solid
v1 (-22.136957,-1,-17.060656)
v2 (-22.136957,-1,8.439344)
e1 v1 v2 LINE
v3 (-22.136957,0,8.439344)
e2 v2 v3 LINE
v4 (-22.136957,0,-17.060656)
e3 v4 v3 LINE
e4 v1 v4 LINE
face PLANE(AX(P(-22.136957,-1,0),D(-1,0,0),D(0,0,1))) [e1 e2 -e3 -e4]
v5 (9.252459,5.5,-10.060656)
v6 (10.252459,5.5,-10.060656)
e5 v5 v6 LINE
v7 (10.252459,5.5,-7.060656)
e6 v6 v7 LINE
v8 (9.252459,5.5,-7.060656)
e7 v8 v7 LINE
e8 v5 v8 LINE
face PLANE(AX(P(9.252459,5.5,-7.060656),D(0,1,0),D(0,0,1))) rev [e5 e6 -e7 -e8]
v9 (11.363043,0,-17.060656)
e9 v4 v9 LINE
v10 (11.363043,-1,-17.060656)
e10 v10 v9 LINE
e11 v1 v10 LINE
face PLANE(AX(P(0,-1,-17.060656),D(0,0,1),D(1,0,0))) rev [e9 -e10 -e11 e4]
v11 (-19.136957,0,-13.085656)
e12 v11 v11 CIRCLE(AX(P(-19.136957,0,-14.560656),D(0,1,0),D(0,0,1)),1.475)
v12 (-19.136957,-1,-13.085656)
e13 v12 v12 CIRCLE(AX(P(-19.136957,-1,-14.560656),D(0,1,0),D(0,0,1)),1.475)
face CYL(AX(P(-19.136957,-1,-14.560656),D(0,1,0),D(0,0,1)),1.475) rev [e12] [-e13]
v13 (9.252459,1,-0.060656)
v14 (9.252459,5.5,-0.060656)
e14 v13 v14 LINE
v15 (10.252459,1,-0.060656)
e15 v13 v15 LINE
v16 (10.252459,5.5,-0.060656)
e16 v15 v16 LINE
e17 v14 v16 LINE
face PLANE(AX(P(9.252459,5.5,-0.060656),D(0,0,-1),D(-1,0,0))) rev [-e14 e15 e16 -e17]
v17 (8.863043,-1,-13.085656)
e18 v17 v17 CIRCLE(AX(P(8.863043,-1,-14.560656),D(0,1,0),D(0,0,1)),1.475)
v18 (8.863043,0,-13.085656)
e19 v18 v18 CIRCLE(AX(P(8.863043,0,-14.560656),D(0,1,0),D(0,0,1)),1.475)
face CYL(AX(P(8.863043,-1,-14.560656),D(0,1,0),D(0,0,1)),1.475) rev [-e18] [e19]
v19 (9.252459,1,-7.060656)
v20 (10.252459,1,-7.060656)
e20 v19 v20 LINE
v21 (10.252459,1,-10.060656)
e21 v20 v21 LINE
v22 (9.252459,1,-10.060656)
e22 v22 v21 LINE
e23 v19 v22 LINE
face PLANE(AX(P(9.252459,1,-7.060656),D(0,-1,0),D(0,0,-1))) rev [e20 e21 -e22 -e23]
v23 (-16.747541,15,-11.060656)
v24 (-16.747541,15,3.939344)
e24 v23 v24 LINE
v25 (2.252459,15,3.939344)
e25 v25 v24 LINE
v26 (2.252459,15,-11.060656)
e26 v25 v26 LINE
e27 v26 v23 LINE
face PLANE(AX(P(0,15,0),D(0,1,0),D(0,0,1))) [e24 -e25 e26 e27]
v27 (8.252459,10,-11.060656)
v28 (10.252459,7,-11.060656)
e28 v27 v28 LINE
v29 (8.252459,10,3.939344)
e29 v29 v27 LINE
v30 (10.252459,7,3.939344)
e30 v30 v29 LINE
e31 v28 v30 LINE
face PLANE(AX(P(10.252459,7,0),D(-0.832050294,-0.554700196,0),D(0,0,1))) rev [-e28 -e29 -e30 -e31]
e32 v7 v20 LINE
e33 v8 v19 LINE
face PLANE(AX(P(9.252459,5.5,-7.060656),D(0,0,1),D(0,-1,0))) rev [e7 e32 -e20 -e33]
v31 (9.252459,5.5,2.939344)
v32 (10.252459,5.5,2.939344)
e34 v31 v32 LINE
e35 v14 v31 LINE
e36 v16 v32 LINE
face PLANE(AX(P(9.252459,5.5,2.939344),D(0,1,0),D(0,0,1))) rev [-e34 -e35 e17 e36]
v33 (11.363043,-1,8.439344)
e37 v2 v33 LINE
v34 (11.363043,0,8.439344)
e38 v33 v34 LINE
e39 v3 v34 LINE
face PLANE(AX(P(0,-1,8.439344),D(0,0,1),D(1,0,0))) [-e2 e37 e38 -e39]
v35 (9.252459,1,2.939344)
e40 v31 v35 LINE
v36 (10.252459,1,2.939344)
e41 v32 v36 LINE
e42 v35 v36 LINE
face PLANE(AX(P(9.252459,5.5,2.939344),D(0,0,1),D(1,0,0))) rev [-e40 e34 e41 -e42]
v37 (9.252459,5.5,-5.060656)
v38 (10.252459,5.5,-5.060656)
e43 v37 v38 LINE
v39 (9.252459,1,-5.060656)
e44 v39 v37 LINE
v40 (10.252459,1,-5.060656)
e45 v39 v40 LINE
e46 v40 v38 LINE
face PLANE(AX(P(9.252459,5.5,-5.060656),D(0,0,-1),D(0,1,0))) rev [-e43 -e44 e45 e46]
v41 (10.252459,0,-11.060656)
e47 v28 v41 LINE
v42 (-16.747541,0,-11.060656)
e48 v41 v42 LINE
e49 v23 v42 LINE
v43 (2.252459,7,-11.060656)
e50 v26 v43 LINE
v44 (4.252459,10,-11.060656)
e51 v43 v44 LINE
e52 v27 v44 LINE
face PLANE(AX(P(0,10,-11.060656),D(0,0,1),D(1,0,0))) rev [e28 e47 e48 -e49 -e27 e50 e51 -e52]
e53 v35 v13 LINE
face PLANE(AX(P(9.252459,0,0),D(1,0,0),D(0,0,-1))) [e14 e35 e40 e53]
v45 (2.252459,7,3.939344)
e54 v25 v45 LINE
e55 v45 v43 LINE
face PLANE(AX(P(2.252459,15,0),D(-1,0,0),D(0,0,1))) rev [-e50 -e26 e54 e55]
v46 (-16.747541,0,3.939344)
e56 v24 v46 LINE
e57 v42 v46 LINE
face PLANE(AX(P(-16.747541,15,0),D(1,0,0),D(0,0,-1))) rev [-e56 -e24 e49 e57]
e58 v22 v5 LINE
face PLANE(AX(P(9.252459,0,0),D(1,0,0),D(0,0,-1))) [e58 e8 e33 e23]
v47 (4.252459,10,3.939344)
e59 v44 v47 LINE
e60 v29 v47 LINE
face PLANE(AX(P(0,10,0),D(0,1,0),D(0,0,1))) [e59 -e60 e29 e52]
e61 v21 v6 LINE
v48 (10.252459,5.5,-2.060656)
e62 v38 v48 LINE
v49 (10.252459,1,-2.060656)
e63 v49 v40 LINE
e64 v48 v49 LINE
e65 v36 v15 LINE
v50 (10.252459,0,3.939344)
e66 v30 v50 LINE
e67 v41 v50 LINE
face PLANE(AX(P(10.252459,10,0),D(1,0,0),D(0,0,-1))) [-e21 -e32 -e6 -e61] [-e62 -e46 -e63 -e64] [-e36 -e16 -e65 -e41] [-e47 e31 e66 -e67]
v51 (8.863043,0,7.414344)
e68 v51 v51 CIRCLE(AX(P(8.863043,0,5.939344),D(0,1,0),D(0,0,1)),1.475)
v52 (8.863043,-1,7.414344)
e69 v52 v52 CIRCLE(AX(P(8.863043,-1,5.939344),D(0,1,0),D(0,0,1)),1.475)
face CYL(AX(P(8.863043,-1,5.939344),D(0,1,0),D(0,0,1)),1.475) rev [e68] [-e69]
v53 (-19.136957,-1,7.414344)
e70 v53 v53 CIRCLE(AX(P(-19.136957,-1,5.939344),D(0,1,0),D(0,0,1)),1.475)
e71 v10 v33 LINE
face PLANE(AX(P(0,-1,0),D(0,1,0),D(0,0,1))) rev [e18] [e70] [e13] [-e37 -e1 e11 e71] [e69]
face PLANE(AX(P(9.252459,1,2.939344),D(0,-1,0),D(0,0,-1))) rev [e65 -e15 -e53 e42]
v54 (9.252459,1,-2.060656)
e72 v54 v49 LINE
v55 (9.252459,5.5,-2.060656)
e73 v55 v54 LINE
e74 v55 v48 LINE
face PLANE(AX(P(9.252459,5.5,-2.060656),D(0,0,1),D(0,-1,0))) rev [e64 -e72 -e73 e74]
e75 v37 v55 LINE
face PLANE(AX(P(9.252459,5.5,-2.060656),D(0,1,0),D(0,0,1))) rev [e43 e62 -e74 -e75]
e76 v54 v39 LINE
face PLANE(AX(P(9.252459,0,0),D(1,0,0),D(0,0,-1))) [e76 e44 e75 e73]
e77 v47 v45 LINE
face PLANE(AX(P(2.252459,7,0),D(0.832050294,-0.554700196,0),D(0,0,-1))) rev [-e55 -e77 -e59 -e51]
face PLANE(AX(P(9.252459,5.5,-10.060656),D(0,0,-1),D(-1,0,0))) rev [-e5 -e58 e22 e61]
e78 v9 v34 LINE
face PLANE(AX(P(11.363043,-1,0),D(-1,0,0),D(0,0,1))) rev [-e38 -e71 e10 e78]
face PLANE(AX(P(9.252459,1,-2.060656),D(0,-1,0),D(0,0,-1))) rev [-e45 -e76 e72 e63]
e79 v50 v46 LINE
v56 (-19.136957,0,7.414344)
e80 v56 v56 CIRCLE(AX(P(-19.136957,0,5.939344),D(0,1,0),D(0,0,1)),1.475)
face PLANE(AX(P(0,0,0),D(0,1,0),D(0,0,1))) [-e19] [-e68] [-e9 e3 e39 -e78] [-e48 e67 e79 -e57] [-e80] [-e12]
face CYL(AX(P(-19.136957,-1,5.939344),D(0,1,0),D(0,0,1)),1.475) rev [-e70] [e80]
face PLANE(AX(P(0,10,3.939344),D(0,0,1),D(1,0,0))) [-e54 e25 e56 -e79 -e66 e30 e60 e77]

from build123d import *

# Parameters (mm, degrees)
ESQUISSE1_W             = 33.5
ESQUISSE1_H             = 25.5
ESQUISSE1_R             = 1.475
BOSS_EXTRU_9_DEPTH      = 1
ESQUISSE1_17_W          = 8
ESQUISSE1_17_H          = 15
BOSS_EXTRU_12_DEPTH     = 10
CHANFREIN5_SIZE         = 2
CHANFREIN5_SIZE2        = 3
ESQUISSE6_W             = 3
ESQUISSE6_H             = 4.5
ENL_V_MAT_EXTRU_1_DEPTH = 1
ESQUISSE1_18_W          = 19
ESQUISSE1_18_H          = 15
BOSS_EXTRU_14_DEPTH     = 15


with BuildPart() as part:
    # Esquisse1 → Boss.-Extru.9 (new body)
    with BuildSketch(Plane(origin=(0, 0, 0), x_dir=(1, 0, 0), z_dir=(0, 1, 0))):
        with Locations((-5.3869574, 4.310655738)):
            Rectangle(ESQUISSE1_W, ESQUISSE1_H)
        with Locations((-19.1369574, -5.939344262)):
            Circle(ESQUISSE1_R, mode=Mode.SUBTRACT)
        with Locations((8.8630426, -5.939344262)):
            Circle(ESQUISSE1_R, mode=Mode.SUBTRACT)
        with Locations((-19.1369574, 14.560655738)):
            Circle(ESQUISSE1_R, mode=Mode.SUBTRACT)
        with Locations((8.8630426, 14.560655738)):
            Circle(ESQUISSE1_R, mode=Mode.SUBTRACT)
    extrude(amount=-BOSS_EXTRU_9_DEPTH)

    # Esquisse1<17> → Boss.-Extru.12 (add)
    with BuildSketch(Plane(origin=(0, 0, 0), x_dir=(1, 0, 0), z_dir=(0, 1, 0))):
        with Locations((6.252459016, 3.560655738)):
            Rectangle(ESQUISSE1_17_W, ESQUISSE1_17_H)
    extrude(amount=BOSS_EXTRU_12_DEPTH)

    # Chanfrein5
    chanfrein5_edges = [part.edges().sort_by_distance(p)[0] for p in [
        (2.252459016, 10, -3.560655738),
        (10.252459016, 10, -3.560655738),
    ]]
    chanfrein5_side = [part.faces().sort_by_distance(p)[0] for p in [
        (6.252459016, 10, -3.560655738),
    ]]
    chamfer(chanfrein5_edges, length=CHANFREIN5_SIZE, length2=CHANFREIN5_SIZE2, reference=chanfrein5_side[0])

    # Esquisse6 → Enlèv. mat.-Extru.1 (cut)
    with BuildSketch(Plane(origin=(10.252459016, 0, 0), x_dir=(0, 0, -1), z_dir=(1, 0, 0))):
        with Locations((3.560655738, 3.25)):
            Rectangle(ESQUISSE6_W, ESQUISSE6_H)
        with Locations((8.560655738, 3.25)):
            Rectangle(ESQUISSE6_W, ESQUISSE6_H)
        with Locations((-1.439344262, 3.25)):
            Rectangle(ESQUISSE6_W, ESQUISSE6_H)
    extrude(amount=-ENL_V_MAT_EXTRU_1_DEPTH, mode=Mode.SUBTRACT)

    # Esquisse1<18> → Boss.-Extru.14 (add)
    with BuildSketch(Plane(origin=(0, 0, 0), x_dir=(1, 0, 0), z_dir=(0, 1, 0))):
        with Locations((-7.247540984, 3.560655738)):
            Rectangle(ESQUISSE1_18_W, ESQUISSE1_18_H)
    extrude(amount=BOSS_EXTRU_14_DEPTH)


solid = part.part
